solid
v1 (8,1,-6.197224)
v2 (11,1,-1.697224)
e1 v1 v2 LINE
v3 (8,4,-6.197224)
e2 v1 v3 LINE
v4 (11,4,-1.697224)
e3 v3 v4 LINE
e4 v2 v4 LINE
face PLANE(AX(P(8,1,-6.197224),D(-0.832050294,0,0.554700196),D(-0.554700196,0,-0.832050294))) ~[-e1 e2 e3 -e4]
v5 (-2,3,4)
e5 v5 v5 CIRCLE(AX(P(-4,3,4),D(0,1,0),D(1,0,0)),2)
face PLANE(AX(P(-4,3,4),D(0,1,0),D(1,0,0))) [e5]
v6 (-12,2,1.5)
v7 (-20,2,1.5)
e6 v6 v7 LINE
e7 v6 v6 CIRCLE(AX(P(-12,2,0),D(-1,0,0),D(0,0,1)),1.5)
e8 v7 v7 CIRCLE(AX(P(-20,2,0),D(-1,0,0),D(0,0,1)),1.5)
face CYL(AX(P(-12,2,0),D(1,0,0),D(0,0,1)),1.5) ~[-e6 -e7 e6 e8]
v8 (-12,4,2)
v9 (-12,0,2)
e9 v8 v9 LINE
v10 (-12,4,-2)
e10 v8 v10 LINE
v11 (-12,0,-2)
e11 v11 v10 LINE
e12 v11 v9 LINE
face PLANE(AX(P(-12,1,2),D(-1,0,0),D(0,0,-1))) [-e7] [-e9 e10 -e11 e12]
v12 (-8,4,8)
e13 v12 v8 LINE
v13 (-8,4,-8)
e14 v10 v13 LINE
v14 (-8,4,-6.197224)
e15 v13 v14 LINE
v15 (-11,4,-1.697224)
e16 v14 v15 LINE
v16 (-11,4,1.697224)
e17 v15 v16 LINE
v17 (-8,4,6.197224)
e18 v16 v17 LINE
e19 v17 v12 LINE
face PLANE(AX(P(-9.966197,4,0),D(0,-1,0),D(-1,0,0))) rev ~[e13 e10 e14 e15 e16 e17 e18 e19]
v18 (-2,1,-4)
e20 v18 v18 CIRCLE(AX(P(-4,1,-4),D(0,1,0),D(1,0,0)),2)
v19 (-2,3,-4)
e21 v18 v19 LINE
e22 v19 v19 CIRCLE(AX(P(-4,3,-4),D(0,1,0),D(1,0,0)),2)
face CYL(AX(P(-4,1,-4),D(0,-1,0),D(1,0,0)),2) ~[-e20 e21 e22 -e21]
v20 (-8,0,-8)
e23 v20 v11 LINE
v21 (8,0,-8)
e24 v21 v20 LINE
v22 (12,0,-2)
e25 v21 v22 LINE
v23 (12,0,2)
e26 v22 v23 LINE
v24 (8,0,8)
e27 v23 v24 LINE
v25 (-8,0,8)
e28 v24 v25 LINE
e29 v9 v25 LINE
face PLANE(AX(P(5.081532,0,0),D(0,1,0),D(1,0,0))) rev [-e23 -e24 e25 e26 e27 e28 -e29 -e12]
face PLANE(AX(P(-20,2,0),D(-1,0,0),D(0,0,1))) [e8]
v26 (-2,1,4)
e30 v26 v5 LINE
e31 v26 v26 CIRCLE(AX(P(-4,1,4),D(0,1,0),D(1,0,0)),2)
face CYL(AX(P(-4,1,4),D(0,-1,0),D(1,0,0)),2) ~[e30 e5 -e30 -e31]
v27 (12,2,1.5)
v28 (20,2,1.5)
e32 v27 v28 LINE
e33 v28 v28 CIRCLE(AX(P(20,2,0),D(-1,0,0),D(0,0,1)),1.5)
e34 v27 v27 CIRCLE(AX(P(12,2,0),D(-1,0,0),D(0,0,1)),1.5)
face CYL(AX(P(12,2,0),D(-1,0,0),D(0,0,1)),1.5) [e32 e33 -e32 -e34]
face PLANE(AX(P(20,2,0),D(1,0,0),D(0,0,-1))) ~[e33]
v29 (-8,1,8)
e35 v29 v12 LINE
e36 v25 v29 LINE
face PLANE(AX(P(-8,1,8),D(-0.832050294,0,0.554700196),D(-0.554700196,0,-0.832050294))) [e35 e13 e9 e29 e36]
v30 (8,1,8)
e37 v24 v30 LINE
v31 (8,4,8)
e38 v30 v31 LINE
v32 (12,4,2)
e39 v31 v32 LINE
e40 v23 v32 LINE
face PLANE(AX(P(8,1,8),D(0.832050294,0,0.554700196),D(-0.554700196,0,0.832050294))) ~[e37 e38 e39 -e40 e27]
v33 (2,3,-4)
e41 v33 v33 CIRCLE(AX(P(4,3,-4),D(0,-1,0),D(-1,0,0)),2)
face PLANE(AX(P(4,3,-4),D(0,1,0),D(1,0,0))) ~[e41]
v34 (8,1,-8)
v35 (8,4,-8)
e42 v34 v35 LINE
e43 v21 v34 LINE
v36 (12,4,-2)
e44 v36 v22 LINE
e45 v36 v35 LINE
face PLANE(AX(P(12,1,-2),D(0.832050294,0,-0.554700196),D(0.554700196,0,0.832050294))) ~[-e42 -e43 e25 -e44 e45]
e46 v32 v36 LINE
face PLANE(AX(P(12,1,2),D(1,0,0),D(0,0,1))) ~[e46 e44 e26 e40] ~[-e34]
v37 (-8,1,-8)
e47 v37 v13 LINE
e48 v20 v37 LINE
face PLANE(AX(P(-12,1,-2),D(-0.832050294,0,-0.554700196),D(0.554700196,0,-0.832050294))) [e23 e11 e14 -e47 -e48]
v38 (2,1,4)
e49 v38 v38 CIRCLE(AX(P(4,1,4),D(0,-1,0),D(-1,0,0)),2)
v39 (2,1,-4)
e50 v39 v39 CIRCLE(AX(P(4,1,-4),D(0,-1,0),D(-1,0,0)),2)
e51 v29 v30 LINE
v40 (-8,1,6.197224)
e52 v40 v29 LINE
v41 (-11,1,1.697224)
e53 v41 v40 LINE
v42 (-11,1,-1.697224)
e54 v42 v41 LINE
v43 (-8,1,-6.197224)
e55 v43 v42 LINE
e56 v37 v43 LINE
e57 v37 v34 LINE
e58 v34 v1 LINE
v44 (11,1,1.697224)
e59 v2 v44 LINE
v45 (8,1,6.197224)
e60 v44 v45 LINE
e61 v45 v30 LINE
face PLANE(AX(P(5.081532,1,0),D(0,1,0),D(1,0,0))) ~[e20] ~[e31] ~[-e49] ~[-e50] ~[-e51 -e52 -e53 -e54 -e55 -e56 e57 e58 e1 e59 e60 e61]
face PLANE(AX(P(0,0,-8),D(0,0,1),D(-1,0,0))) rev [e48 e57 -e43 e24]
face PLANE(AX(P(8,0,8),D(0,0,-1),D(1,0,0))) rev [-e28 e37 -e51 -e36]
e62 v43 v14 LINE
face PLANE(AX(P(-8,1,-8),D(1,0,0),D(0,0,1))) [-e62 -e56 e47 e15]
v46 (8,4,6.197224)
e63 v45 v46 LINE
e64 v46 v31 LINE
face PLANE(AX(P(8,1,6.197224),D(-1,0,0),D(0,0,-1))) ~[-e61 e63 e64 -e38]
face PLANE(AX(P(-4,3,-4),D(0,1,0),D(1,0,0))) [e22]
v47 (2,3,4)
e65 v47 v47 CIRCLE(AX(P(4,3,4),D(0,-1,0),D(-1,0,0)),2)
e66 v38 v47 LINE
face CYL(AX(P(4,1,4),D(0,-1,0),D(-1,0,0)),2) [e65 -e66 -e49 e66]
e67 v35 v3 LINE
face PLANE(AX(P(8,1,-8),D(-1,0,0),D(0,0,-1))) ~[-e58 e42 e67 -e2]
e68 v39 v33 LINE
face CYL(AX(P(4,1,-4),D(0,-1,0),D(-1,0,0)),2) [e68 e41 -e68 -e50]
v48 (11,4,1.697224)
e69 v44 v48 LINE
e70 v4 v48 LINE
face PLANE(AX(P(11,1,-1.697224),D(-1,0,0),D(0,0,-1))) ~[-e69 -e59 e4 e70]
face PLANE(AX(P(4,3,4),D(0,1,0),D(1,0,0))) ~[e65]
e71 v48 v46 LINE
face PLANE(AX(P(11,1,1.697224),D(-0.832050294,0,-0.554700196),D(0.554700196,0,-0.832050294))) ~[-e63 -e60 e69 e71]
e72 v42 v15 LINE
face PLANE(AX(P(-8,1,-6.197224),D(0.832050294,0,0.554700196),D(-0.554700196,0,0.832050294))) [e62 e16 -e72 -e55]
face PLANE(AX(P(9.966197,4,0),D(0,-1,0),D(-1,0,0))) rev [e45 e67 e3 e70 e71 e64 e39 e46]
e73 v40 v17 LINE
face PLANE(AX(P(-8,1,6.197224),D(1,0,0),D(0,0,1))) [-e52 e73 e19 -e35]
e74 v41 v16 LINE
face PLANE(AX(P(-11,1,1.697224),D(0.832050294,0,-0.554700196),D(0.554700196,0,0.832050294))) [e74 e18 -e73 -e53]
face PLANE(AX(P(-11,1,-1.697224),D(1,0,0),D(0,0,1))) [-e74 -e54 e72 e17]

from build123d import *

# Parameters (mm, degrees)
BOSS_EXTRUDE1_DEPTH = 1
SKETCH2_R           = 2
BOSS_EXTRUDE2_DEPTH = 2
BOSS_EXTRUDE3_DEPTH = 3
SKETCH5_R           = 1.5
BOSS_EXTRUDE4_DEPTH = 8


with BuildPart() as part:
    # Sketch1 → Boss-Extrude1 (new body)
    with BuildSketch(Plane(origin=(0, 0, 0), x_dir=(1, 0, 0), z_dir=(0, 1, 0))):
        Polygon((0, -8), (0, 8), (-8, 8), (-12, 2), (-12, -2), (-8, -8), align=None)
    boss_extrude1 = extrude(amount=BOSS_EXTRUDE1_DEPTH)

    # Sketch2 → Boss-Extrude2 (add)
    with BuildSketch(Plane(origin=(0, 1, 0), x_dir=(1, 0, 0), z_dir=(0, 1, 0))):
        with Locations((-4, 4)):
            Circle(SKETCH2_R)
        with Locations((-4, -4)):
            Circle(SKETCH2_R)
    boss_extrude2 = extrude(amount=BOSS_EXTRUDE2_DEPTH)

    # Sketch3 → Boss-Extrude3 (add)
    with BuildSketch(Plane(origin=(0, 1, 0), x_dir=(1, 0, 0), z_dir=(0, 1, 0))):
        Polygon((-8, 6.197224362), (-11, 1.697224362), (-11, -1.697224362), (-8, -6.197224362), (-8, -8), (-12, -2), (-12, 2), (-8, 8), align=None)
    boss_extrude3 = extrude(amount=BOSS_EXTRUDE3_DEPTH)

    # Sketch5 → Boss-Extrude4 (add)
    with BuildSketch(Plane.ZY.offset(12)):
        with Locations((0, 2)):
            Circle(SKETCH5_R)
    boss_extrude4 = extrude(amount=BOSS_EXTRUDE4_DEPTH)

    # Mirror1: Boss-Extrude1, Boss-Extrude2, Boss-Extrude3, Boss-Extrude4 across plane
    add(boss_extrude1.mirror(Plane(origin=(0, 1, 8), x_dir=(0, 0, 1), z_dir=(-1, 0, 0))))
    add(boss_extrude2.mirror(Plane(origin=(0, 1, 8), x_dir=(0, 0, 1), z_dir=(-1, 0, 0))))
    add(boss_extrude3.mirror(Plane(origin=(0, 1, 8), x_dir=(0, 0, 1), z_dir=(-1, 0, 0))))
    add(boss_extrude4.mirror(Plane(origin=(0, 1, 8), x_dir=(0, 0, 1), z_dir=(-1, 0, 0))))


solid = part.part
